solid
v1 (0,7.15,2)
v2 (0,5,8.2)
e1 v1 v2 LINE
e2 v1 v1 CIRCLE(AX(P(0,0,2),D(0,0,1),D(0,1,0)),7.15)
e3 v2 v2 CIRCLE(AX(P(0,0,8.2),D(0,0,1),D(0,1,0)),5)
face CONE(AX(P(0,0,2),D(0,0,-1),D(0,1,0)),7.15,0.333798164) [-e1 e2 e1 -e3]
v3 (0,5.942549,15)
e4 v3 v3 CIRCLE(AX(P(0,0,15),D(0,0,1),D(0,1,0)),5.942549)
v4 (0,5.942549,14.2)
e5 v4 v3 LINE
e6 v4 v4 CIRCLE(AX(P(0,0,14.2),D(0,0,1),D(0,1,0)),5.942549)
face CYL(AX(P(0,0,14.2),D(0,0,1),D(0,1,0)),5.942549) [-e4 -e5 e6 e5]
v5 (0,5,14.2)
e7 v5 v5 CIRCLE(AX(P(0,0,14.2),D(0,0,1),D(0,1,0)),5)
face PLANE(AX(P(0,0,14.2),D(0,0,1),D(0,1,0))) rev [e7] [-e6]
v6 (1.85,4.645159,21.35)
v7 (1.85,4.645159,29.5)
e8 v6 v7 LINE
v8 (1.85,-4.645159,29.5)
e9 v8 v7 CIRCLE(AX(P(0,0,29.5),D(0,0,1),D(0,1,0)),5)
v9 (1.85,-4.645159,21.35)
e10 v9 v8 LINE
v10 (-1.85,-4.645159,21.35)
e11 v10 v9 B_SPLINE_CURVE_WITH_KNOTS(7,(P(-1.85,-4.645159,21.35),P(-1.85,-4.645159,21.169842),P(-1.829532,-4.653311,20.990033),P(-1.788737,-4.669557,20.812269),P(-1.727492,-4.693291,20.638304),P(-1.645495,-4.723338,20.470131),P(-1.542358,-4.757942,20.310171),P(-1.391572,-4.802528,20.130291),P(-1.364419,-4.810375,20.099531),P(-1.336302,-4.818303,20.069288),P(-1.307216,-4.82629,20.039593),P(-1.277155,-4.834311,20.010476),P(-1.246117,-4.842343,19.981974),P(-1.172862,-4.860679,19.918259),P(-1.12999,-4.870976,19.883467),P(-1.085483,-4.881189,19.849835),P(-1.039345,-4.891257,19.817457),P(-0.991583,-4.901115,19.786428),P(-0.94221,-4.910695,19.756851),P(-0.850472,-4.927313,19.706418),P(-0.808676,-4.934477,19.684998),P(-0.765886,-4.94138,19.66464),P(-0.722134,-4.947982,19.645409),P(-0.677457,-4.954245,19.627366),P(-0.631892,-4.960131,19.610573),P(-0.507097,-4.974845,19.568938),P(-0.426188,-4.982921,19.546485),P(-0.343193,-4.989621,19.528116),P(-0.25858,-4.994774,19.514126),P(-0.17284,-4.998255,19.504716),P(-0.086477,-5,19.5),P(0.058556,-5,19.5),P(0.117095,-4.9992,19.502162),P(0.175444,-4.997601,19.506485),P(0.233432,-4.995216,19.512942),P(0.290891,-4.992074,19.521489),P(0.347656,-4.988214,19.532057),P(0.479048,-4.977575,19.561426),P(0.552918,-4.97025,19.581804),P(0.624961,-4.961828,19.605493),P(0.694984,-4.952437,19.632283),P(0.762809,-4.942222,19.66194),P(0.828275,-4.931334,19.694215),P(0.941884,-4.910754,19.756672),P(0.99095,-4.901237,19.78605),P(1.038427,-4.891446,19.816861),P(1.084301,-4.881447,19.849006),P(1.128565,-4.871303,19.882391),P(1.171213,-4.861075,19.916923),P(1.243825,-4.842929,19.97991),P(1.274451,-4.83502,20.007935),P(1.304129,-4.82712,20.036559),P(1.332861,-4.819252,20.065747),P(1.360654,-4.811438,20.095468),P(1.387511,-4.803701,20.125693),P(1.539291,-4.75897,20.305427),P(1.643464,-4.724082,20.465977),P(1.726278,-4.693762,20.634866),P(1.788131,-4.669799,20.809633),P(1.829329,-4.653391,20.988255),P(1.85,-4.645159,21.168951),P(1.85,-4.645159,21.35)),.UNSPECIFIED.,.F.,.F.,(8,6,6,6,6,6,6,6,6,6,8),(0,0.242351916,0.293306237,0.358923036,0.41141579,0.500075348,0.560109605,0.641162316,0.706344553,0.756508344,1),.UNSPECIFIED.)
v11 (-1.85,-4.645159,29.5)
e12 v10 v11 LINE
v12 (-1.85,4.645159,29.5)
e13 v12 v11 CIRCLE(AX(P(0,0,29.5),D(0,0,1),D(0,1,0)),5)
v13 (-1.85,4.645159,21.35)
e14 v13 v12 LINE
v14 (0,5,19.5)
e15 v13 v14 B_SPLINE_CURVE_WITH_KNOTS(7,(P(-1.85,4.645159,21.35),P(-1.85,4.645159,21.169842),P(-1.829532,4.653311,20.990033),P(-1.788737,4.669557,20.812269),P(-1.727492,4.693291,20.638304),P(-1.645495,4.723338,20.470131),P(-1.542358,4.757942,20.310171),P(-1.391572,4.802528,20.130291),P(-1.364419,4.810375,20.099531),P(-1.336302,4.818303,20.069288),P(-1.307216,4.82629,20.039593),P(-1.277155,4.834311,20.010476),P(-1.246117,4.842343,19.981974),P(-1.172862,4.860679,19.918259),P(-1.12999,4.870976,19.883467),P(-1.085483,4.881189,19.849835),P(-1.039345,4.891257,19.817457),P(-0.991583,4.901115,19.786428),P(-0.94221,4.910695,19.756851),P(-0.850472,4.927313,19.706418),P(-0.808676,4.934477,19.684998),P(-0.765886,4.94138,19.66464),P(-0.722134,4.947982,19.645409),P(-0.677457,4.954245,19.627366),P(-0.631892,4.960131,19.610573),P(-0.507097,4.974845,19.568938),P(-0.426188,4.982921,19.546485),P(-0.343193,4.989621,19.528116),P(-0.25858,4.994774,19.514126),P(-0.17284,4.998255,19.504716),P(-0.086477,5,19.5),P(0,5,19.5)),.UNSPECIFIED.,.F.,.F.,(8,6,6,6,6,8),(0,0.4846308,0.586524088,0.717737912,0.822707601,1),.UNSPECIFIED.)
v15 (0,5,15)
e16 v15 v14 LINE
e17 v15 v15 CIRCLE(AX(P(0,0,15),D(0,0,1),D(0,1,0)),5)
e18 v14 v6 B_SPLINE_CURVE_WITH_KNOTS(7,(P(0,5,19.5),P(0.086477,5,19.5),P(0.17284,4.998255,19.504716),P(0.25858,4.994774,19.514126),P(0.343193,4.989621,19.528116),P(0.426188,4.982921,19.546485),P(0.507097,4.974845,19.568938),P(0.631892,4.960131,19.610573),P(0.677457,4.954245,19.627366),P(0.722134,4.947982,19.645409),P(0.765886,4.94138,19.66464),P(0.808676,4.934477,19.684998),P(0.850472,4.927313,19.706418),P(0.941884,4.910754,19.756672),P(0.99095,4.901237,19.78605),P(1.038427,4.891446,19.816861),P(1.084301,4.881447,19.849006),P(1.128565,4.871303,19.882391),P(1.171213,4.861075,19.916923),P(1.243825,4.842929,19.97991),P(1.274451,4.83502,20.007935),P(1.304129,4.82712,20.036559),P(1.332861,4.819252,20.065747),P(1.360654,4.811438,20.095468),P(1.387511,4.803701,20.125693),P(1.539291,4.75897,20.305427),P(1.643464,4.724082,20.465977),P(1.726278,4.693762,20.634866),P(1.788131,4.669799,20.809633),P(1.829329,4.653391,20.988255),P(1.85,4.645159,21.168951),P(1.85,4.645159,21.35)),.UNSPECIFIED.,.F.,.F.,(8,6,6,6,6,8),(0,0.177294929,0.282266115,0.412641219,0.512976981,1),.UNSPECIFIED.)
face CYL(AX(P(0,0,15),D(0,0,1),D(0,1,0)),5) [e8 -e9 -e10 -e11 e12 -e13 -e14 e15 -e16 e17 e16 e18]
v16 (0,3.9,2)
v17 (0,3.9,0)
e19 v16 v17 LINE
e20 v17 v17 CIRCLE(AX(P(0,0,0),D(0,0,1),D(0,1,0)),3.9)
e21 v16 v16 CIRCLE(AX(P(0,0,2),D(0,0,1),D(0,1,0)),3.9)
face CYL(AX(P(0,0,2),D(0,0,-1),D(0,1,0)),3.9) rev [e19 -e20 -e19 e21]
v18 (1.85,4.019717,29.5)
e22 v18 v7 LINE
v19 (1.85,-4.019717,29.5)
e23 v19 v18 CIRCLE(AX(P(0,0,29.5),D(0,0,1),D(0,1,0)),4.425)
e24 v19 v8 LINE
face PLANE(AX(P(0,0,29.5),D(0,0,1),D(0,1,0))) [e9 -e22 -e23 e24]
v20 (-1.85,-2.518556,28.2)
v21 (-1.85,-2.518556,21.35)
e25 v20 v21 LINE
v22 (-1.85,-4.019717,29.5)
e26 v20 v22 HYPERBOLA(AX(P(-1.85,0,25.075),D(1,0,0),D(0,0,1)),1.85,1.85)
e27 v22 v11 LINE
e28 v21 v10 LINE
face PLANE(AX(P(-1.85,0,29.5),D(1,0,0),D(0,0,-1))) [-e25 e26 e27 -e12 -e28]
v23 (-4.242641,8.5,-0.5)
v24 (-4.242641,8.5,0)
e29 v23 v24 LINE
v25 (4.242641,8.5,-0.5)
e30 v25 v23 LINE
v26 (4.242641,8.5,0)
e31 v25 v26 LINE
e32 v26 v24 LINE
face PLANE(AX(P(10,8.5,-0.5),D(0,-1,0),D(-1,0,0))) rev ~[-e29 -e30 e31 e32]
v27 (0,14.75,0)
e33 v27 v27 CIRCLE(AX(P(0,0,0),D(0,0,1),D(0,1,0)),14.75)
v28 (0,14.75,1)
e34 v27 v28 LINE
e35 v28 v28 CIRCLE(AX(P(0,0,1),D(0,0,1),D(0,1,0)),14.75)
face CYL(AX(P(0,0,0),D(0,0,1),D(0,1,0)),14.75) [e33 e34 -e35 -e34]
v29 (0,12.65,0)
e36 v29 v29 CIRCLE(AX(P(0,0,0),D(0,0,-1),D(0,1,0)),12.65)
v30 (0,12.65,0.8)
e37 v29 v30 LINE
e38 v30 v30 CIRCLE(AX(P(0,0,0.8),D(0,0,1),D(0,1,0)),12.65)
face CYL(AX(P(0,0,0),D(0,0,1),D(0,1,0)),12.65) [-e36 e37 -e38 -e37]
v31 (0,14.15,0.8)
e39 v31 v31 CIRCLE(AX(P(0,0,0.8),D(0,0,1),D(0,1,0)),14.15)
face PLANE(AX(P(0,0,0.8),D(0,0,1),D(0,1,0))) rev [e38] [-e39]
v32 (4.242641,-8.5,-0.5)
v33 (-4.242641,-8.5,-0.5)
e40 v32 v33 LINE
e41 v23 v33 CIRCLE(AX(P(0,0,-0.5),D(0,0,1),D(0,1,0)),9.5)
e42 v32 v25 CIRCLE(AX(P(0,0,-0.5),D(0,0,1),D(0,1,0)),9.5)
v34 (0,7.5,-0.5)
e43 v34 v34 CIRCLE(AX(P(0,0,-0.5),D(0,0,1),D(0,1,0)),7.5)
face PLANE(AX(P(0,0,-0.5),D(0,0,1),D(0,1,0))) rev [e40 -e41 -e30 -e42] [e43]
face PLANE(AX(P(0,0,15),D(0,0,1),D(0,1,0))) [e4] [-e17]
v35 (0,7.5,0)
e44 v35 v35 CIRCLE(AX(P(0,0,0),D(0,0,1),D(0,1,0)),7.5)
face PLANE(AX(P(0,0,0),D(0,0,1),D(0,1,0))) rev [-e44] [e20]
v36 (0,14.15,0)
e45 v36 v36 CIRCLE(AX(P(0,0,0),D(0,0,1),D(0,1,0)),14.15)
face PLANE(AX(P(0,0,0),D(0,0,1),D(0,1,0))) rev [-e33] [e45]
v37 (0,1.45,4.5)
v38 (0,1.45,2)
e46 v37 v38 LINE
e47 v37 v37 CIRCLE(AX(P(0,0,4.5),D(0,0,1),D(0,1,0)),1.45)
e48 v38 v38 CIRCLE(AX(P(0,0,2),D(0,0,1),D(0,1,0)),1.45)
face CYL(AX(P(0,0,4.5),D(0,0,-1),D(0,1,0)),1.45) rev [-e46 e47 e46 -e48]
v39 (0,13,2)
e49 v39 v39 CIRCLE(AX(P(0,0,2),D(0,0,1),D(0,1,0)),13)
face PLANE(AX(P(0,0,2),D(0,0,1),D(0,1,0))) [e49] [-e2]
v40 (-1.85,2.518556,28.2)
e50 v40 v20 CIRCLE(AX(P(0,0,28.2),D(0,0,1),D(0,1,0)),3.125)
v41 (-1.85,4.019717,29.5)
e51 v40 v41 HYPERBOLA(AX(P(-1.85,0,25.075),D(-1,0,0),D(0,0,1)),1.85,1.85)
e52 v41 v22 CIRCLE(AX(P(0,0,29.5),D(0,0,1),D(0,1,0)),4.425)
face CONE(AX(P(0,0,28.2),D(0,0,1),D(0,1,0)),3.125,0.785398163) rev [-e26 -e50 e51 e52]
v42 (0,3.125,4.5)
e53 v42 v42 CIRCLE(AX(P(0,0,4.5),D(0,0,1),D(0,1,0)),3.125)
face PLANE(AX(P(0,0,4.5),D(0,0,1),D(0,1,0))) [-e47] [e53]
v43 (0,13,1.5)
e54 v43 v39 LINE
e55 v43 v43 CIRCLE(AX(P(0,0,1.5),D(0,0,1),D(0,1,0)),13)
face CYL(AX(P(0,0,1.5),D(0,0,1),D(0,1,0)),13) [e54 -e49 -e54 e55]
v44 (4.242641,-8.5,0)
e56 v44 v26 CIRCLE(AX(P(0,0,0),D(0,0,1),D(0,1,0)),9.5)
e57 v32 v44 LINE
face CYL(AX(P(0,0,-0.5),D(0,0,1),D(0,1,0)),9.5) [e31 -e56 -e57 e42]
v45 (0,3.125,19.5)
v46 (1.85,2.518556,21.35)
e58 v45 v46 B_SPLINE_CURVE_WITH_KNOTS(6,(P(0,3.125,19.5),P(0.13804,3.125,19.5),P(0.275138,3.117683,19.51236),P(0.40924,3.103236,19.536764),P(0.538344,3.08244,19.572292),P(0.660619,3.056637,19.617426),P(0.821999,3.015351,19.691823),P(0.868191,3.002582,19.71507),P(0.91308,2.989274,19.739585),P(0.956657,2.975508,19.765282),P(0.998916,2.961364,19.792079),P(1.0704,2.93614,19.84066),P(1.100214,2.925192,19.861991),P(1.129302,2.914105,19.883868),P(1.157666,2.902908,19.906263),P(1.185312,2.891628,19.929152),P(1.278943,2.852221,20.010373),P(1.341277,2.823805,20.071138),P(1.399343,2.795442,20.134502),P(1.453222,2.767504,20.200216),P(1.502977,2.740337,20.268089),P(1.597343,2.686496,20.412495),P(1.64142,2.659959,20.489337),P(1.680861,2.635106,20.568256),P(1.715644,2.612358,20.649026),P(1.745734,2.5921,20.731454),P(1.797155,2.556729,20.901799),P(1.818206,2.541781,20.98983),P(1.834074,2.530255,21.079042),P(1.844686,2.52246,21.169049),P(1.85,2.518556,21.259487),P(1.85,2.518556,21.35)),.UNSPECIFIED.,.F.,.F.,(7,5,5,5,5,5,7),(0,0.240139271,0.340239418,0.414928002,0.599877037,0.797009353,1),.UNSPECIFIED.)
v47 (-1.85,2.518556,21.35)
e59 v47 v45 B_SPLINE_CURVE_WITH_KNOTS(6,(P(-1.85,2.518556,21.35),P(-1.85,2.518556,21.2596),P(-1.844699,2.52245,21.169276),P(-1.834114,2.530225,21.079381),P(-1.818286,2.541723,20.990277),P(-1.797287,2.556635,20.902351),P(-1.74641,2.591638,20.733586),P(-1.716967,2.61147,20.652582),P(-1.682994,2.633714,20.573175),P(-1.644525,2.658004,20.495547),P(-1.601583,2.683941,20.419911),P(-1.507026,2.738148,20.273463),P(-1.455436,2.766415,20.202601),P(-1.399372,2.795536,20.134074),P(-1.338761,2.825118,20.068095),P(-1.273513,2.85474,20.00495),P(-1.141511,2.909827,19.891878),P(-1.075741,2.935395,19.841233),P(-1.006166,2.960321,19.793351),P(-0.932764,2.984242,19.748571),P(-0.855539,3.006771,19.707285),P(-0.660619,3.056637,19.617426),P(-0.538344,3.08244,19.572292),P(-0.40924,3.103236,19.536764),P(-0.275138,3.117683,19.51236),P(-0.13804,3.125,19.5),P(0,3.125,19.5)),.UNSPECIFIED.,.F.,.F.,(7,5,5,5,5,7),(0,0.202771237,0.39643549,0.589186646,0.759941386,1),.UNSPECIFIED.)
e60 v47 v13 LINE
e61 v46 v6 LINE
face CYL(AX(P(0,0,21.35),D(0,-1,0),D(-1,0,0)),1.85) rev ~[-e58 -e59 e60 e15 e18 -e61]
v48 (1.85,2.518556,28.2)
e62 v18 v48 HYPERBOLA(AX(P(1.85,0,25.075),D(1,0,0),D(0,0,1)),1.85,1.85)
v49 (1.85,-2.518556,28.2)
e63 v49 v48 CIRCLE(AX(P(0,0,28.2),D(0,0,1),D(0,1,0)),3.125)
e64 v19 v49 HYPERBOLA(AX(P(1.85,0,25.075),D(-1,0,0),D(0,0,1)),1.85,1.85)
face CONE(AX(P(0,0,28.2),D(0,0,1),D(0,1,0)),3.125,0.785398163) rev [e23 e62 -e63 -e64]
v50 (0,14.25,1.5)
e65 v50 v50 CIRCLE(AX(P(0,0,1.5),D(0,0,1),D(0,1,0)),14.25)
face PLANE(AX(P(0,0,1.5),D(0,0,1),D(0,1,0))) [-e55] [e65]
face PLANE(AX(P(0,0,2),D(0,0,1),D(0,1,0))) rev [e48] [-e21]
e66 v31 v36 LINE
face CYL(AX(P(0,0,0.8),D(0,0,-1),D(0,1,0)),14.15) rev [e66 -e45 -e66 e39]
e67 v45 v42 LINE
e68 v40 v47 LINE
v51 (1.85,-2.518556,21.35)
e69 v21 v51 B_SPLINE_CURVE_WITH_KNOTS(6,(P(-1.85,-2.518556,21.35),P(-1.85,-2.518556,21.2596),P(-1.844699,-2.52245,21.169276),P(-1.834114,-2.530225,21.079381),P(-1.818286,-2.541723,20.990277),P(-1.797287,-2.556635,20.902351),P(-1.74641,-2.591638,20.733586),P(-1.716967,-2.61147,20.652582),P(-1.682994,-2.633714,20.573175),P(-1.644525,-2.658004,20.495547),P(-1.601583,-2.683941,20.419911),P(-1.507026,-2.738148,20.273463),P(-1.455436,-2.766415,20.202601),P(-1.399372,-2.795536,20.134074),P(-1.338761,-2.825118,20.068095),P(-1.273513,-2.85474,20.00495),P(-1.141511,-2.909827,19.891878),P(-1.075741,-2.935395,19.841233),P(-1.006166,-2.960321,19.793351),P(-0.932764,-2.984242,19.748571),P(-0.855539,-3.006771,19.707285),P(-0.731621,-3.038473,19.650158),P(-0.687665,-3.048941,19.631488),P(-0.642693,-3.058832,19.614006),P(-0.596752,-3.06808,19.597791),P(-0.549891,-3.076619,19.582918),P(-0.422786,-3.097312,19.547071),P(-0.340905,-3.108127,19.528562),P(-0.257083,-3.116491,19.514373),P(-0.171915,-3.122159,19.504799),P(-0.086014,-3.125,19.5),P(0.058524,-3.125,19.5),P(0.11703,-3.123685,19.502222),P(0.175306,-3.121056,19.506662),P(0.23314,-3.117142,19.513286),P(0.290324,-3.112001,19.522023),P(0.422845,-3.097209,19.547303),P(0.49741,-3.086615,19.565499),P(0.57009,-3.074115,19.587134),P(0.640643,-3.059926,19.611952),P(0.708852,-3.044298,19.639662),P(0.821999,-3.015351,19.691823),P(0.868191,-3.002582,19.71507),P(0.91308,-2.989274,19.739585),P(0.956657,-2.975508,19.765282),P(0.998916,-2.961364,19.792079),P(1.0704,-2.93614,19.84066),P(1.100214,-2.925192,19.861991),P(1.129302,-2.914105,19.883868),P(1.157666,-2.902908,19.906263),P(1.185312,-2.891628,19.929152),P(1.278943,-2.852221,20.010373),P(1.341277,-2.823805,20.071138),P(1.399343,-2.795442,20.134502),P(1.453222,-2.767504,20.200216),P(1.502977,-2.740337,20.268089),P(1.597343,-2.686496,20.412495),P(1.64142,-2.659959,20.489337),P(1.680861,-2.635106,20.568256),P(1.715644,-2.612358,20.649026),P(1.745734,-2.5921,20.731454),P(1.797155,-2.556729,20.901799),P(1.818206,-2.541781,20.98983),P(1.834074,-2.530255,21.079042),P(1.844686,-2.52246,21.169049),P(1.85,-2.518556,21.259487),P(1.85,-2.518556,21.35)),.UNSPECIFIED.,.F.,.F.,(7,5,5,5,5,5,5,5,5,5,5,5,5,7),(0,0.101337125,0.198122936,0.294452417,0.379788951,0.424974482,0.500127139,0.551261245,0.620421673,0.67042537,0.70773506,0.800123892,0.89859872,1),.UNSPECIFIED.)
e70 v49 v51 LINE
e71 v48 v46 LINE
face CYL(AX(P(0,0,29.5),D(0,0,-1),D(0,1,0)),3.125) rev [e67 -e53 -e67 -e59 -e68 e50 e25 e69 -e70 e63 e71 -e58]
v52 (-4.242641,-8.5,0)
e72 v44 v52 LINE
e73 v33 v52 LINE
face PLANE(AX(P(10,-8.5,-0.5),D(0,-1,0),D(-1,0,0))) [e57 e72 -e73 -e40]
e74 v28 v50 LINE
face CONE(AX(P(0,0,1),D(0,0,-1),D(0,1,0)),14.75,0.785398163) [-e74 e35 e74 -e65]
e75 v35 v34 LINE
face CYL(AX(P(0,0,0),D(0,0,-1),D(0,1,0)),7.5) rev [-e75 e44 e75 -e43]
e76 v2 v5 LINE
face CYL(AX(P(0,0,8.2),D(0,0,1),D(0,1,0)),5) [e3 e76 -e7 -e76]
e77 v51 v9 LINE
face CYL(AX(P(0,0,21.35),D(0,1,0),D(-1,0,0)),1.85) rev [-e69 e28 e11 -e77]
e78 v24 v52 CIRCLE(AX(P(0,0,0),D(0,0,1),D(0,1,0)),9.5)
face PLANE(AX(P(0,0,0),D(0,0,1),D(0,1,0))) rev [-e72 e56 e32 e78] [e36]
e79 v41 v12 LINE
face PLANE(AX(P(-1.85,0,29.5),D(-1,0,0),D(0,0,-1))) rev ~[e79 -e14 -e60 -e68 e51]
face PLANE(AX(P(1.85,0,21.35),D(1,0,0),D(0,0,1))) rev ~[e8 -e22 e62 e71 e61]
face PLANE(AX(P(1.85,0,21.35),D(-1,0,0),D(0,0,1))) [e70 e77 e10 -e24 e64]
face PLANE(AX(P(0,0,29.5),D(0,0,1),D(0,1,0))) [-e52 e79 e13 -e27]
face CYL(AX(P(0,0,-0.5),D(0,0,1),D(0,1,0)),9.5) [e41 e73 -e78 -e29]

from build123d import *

# Parameters (mm, degrees)
FASE1_SIZE                           = 0.5
FASE2_SIZE                           = 1.3
SCHNITT_LINEAR_AUSTRAGEN1_DEPTH      = 15.75
SCHNITT_LINEAR_AUSTRAGEN1_DEPTH_BACK = 15.75
SKIZZE4_OUTSIDE_W                    = 41.778
SKIZZE4_OUTSIDE_H                    = 41.778
SKIZZE4_OUTSIDE_W_2                  = 20
SKIZZE4_OUTSIDE_H_2                  = 17
SCHNITT_LINEAR_AUSTRAGEN2_DEPTH      = 0.5


with BuildPart() as part:
    # Skizze2 → Rotation1 (revolve)
    with BuildSketch(Plane(origin=(0, 0, 0), x_dir=(0, 0, -1), z_dir=(1, 0, 0))):
        Polygon((0, 14.75), (-1.5, 14.75), (-1.5, 13), (-2, 13), (-2, 7.15), (-8.2, 5), (-14.2, 5), (-14.2, 5.942548531), (-15, 5.942548531), (-15, 5), (-29.5, 5), (-29.5, 3.125), (-4.5, 3.125), (-4.5, 1.45), (-2, 1.45), (-2, 3.9), (0, 3.9), (0, 7.5), (0.5, 7.5), (0.5, 9.5), (0, 9.5), (0, 12.65), (-0.8, 12.65), (-0.8, 14.15), (0, 14.15), align=None)
    revolve(axis=Axis((0, 0, -10.606367747), (0, 0, 1)))

    # Fase1
    fase1_edges = [part.edges().sort_by_distance(p)[0] for p in [
        (0, -14.75, 1.5),
    ]]
    chamfer(fase1_edges, length=FASE1_SIZE)

    # Fase2
    fase2_edges = [part.edges().sort_by_distance(p)[0] for p in [
        (0, -3.125, 29.5),
    ]]
    chamfer(fase2_edges, length=FASE2_SIZE)

    # Skizze3 → Schnitt-Linear austragen1 (cut, two sides)
    with BuildSketch(Plane(origin=(0, 0, 0), x_dir=(1, 0, 0), z_dir=(0, 1, 0))) as schnitt_linear_austragen1_sk:
        with BuildLine():
            Line((1.85, -21.35), (1.85, -29.5))
            ThreePointArc((1.85, -29.5), (0, -31.35), (-1.85, -29.5))
            Line((-1.85, -29.5), (-1.85, -21.35))
            ThreePointArc((-1.85, -21.35), (0, -19.5), (1.85, -21.35))
        make_face()
    extrude(amount=SCHNITT_LINEAR_AUSTRAGEN1_DEPTH, mode=Mode.SUBTRACT)
    extrude(schnitt_linear_austragen1_sk.sketch, amount=-SCHNITT_LINEAR_AUSTRAGEN1_DEPTH_BACK, mode=Mode.SUBTRACT)

    # Skizze4 outside → Schnitt-Linear austragen2 (cut)
    with BuildSketch(Plane(origin=(0, 0, -0.5), x_dir=(-1, 0, 0), z_dir=(0, 0, -1))):
        Rectangle(SKIZZE4_OUTSIDE_W, SKIZZE4_OUTSIDE_H)
        Rectangle(SKIZZE4_OUTSIDE_W_2, SKIZZE4_OUTSIDE_H_2, mode=Mode.SUBTRACT)
    extrude(amount=-SCHNITT_LINEAR_AUSTRAGEN2_DEPTH, mode=Mode.SUBTRACT)


solid = part.part
